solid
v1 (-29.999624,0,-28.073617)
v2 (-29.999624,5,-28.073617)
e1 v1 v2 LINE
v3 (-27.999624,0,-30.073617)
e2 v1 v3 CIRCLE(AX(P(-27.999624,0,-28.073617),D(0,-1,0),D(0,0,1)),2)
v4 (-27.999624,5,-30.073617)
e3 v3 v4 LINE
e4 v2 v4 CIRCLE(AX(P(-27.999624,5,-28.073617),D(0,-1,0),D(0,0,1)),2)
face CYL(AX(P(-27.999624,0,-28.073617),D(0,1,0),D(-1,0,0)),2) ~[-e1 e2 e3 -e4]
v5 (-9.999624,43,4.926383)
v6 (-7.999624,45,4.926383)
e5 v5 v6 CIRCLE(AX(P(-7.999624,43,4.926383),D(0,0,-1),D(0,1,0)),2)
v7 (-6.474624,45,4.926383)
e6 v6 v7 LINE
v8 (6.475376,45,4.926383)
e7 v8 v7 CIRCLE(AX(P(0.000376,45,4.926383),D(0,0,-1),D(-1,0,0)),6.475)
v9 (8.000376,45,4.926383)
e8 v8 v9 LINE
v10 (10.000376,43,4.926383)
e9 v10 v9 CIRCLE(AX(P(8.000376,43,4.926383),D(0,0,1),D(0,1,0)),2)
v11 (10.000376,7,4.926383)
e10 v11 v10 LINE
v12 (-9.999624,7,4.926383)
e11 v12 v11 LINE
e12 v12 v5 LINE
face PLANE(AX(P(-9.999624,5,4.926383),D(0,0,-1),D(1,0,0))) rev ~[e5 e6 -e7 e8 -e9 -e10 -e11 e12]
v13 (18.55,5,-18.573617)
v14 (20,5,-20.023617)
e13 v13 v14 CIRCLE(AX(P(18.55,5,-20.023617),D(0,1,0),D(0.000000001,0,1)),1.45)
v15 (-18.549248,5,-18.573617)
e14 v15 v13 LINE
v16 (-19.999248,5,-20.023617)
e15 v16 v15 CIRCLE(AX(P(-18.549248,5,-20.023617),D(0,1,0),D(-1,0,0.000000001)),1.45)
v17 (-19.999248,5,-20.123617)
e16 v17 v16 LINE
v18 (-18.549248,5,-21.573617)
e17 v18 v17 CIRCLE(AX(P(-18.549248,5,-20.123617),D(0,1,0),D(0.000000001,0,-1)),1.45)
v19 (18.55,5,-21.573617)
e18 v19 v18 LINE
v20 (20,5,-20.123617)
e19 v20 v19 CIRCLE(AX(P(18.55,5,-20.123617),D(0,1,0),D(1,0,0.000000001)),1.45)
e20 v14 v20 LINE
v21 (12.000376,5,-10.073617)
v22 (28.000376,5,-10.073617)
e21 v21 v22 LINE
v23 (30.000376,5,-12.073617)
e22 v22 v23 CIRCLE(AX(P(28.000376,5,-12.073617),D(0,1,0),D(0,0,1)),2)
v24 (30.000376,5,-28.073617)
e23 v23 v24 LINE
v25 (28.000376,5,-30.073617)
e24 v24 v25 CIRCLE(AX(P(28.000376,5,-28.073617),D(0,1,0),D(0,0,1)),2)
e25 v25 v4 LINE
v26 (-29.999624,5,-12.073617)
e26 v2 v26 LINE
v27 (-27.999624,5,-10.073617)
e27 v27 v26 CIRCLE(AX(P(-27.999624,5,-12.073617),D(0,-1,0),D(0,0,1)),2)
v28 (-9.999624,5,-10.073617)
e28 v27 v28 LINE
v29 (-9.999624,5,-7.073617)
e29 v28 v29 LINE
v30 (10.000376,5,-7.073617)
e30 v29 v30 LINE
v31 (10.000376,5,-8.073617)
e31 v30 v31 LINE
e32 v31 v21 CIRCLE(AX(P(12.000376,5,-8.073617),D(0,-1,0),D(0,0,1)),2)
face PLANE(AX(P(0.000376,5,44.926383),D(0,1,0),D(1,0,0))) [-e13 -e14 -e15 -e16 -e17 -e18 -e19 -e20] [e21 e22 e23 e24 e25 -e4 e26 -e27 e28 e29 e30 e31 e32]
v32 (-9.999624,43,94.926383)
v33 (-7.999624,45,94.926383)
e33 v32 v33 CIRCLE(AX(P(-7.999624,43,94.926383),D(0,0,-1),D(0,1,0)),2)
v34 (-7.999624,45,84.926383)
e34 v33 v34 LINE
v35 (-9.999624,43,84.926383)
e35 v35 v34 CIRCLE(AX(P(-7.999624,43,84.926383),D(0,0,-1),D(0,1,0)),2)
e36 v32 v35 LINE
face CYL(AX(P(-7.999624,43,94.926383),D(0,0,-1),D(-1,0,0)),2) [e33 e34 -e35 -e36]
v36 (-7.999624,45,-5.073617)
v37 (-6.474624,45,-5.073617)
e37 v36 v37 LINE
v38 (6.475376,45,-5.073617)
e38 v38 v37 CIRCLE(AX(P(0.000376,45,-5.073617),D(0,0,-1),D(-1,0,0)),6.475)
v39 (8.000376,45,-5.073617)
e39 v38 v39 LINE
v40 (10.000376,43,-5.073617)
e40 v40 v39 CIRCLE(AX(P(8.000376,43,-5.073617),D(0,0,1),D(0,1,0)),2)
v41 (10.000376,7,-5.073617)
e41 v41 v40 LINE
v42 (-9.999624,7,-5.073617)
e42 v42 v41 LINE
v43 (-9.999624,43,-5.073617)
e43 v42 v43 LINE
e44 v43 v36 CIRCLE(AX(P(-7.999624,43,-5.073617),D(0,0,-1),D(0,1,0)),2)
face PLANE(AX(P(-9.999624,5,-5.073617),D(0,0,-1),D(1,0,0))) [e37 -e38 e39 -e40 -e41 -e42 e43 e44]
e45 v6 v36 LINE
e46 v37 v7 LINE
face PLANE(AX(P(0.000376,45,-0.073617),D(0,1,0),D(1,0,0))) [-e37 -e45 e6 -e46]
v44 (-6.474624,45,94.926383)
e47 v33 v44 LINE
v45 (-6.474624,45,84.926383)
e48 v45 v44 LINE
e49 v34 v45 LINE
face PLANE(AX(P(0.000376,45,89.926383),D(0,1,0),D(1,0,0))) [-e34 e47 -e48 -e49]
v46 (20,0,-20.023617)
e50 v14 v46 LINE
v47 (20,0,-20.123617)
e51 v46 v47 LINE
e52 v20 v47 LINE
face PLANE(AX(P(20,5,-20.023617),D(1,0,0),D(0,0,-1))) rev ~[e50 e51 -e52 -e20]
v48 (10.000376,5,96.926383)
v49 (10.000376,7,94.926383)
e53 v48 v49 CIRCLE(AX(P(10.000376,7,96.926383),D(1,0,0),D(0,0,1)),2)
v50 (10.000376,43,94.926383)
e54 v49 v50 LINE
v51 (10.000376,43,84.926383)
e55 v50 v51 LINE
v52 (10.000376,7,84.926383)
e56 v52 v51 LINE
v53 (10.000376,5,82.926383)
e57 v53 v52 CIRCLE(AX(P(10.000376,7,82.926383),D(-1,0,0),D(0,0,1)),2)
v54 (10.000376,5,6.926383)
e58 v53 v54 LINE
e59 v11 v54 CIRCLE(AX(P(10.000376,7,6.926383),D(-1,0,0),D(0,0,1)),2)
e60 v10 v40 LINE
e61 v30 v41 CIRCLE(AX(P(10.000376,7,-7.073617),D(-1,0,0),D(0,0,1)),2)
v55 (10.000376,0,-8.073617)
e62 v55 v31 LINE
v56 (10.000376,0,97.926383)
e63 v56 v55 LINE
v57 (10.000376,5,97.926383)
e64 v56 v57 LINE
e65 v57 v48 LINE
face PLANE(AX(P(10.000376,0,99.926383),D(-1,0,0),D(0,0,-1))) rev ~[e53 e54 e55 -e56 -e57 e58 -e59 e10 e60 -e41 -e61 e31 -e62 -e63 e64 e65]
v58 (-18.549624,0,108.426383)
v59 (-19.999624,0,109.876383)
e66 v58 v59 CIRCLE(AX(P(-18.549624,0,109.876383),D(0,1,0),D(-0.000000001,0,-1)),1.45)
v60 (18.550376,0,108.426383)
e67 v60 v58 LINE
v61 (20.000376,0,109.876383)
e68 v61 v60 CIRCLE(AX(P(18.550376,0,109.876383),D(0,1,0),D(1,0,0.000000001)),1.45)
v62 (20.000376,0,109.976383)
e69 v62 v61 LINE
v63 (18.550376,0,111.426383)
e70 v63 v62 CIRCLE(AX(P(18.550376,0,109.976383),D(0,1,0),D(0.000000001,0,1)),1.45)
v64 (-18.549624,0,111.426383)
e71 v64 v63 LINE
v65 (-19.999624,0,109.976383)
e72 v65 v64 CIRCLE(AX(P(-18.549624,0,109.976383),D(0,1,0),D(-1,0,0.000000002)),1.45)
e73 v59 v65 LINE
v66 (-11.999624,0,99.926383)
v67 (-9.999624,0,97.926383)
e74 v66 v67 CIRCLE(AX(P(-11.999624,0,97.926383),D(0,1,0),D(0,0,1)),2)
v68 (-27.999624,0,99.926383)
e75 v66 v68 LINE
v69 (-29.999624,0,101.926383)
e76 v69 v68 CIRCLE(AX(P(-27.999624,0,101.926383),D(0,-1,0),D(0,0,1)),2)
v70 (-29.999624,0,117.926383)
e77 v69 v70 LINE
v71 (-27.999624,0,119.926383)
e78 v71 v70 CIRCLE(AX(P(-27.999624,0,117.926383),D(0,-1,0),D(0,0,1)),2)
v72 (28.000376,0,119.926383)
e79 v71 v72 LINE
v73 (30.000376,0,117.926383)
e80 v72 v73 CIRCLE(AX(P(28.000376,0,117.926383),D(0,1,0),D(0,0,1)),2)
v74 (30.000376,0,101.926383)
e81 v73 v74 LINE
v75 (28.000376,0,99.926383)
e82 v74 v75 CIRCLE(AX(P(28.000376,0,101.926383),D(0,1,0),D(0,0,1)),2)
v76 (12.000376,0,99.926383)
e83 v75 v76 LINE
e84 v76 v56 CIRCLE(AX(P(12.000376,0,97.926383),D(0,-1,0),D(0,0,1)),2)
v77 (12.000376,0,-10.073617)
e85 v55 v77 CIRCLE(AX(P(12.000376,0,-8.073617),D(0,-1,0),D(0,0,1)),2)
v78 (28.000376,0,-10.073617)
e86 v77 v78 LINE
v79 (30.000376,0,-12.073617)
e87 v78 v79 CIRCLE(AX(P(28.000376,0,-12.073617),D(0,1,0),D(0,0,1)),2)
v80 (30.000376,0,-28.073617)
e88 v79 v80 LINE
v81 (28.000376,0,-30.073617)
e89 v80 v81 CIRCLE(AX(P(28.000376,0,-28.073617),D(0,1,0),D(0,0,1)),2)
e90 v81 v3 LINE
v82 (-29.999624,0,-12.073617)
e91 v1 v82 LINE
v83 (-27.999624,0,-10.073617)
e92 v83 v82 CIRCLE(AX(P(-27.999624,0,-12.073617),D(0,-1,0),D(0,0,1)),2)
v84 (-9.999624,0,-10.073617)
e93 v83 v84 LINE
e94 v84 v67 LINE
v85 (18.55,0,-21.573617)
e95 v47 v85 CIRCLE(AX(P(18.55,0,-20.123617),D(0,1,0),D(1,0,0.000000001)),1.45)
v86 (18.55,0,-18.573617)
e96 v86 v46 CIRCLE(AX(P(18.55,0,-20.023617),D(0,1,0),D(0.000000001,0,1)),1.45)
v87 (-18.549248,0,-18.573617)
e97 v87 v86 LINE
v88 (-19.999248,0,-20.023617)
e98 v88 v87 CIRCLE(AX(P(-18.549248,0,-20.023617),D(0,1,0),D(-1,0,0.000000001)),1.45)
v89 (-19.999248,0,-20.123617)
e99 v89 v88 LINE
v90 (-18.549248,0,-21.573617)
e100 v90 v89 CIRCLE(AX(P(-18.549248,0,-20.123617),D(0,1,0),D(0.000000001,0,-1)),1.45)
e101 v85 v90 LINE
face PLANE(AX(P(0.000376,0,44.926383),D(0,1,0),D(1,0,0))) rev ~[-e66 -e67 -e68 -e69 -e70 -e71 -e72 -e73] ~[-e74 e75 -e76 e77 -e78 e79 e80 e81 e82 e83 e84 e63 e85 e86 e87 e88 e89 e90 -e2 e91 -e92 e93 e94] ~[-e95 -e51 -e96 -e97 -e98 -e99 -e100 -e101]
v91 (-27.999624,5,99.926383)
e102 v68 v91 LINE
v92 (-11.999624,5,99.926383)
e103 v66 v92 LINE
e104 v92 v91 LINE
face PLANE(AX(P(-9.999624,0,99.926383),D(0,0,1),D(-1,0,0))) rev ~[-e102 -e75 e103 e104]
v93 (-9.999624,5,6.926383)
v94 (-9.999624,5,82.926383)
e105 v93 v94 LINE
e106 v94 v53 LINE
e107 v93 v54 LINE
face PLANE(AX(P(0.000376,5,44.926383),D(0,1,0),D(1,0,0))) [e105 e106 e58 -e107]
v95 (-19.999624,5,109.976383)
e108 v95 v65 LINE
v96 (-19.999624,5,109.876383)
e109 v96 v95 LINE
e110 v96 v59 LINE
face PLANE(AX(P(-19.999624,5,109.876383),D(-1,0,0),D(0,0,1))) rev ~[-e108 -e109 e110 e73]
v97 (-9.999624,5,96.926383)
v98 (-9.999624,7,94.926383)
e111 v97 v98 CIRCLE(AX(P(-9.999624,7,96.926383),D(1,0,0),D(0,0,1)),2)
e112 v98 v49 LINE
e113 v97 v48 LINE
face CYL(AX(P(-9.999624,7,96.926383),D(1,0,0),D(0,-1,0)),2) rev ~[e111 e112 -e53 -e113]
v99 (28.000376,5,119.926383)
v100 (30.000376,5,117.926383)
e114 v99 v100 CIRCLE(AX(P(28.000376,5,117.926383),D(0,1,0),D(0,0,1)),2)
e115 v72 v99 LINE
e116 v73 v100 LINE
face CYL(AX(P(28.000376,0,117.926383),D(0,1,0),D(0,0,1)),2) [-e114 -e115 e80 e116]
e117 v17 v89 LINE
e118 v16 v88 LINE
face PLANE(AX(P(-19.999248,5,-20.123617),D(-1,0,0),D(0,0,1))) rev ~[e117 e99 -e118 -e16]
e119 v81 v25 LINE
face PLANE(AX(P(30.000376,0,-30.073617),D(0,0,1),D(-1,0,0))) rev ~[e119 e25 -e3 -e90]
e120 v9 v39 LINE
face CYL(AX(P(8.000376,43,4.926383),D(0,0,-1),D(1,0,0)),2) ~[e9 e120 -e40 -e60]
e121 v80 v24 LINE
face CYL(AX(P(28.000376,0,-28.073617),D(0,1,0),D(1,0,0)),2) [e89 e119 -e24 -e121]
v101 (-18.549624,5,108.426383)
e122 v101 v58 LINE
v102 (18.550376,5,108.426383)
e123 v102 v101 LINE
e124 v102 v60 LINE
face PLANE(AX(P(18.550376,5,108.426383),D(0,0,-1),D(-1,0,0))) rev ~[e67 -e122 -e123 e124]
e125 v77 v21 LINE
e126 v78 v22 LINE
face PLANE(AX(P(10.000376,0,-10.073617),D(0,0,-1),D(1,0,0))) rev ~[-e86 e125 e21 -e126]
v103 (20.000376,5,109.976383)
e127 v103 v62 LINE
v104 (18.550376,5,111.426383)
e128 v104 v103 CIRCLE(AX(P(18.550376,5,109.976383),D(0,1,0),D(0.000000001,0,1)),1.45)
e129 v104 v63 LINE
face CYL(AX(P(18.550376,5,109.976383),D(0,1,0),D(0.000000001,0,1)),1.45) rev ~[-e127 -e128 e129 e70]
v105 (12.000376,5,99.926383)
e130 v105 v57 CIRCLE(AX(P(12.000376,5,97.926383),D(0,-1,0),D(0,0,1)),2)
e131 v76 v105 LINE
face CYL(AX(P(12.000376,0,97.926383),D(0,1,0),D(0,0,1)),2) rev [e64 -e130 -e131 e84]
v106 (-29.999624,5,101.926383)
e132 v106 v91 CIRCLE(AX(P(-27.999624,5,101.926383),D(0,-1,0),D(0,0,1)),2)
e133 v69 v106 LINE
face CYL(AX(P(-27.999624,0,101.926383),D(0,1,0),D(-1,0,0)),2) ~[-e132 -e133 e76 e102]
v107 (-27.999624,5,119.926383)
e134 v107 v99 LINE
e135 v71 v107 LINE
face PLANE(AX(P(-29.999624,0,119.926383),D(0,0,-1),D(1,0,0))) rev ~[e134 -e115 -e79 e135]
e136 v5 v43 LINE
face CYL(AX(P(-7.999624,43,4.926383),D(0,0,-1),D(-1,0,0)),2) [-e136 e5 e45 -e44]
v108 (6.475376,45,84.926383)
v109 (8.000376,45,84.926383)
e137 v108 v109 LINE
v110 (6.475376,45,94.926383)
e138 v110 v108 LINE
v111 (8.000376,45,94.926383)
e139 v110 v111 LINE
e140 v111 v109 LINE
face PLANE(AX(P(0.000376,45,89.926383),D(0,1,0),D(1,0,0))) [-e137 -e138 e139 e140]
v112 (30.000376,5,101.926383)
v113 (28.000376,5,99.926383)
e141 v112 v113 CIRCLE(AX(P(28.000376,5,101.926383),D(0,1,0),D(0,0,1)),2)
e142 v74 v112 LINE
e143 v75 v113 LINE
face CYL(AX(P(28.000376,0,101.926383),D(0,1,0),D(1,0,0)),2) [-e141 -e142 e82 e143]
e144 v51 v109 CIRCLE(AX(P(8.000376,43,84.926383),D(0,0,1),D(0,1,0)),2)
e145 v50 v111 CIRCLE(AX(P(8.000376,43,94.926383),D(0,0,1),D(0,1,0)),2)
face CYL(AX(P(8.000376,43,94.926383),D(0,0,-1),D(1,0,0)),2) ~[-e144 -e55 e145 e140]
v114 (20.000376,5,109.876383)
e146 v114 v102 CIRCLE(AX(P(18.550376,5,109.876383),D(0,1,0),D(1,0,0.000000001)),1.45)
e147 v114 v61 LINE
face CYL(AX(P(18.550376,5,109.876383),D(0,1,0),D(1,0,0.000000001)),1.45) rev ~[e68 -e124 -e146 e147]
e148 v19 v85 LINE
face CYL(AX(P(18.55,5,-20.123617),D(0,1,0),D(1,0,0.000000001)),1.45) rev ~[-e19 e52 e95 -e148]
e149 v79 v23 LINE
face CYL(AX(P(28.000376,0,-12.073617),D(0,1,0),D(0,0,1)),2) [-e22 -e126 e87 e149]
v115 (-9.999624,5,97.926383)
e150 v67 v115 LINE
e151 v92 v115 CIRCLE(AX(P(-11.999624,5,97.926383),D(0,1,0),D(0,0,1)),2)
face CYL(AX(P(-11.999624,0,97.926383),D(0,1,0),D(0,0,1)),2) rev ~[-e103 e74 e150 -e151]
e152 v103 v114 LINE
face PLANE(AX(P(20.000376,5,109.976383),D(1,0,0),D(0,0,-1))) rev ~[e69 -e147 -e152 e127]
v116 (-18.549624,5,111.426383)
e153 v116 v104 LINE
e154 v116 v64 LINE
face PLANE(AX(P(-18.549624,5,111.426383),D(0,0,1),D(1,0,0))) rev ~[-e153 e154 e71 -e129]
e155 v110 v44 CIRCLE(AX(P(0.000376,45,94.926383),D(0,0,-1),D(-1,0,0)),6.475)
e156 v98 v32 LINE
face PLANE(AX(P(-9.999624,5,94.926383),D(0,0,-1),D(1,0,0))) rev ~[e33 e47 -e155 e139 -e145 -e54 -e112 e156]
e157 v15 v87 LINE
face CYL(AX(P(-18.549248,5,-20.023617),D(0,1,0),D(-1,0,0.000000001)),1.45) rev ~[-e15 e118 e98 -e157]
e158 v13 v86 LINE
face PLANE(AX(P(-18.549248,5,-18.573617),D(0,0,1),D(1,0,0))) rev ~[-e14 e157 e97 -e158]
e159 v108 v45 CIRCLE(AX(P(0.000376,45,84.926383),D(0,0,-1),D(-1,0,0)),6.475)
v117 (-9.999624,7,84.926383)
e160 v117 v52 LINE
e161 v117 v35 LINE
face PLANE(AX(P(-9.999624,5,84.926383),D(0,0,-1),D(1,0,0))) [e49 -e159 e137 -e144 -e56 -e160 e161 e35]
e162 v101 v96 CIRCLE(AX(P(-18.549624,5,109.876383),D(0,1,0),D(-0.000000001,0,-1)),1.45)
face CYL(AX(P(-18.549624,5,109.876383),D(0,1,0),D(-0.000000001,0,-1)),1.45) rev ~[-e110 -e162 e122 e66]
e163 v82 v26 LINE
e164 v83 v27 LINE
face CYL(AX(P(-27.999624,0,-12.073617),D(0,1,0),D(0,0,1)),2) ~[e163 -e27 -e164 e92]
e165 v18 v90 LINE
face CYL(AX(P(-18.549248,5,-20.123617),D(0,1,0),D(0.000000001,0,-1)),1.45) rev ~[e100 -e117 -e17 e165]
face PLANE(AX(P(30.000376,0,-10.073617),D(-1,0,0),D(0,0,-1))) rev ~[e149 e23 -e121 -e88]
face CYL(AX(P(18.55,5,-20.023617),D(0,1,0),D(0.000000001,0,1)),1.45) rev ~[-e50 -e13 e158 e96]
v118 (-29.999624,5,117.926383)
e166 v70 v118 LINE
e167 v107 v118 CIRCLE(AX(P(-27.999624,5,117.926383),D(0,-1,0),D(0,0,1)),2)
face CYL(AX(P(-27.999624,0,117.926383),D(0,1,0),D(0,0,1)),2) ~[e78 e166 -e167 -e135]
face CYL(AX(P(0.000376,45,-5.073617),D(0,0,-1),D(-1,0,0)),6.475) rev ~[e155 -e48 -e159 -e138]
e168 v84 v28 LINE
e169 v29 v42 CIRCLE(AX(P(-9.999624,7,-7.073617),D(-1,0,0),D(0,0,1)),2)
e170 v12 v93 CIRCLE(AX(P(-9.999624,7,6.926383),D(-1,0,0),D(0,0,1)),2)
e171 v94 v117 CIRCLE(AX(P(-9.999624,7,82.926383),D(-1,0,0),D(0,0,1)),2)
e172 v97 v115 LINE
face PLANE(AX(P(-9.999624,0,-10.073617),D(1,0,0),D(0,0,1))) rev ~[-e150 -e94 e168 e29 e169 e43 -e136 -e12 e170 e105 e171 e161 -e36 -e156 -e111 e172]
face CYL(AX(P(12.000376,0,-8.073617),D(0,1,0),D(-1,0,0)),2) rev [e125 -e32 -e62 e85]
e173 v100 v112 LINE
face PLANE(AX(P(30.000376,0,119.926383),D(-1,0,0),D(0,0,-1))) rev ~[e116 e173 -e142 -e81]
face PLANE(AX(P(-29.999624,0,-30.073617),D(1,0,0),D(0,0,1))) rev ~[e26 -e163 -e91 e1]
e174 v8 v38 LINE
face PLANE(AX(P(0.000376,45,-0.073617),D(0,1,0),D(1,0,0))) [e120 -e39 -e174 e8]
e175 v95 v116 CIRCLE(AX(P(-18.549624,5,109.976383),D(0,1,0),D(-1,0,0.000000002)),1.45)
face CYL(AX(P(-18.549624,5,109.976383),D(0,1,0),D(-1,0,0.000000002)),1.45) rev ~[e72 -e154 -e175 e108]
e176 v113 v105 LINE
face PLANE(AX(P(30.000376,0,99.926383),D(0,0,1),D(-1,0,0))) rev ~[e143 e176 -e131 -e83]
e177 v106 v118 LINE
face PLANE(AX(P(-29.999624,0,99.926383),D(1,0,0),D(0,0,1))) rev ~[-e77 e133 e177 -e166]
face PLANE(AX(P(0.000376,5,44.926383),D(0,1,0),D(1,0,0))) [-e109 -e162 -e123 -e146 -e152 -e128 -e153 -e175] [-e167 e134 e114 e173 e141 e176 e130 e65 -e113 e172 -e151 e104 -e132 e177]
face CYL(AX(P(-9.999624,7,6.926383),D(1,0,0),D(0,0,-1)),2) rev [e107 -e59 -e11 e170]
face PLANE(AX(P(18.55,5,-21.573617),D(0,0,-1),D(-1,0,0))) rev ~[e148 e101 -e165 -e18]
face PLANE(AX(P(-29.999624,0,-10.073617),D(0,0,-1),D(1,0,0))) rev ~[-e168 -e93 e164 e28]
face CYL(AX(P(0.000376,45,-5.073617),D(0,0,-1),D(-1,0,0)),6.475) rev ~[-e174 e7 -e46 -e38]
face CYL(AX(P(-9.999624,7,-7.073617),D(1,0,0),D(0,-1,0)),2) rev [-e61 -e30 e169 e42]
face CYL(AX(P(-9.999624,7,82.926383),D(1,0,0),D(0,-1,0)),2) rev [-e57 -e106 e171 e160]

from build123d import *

# Parameters (mm, degrees)
BOSS_EXTRUDE1_DEPTH = 5
CUT_EXTRUDE1_DEPTH  = 124.722915669
SKETCH3_W           = 20
SKETCH3_H           = 10
BOSS_EXTRUDE2_DEPTH = 40
SKETCH4_R           = 6.475
CUT_EXTRUDE2_DEPTH  = 137.198467549
FILLET3_R           = 2


with BuildPart() as part:
    # Sketch1 → Boss-Extrude1 (new body)
    with BuildSketch(Plane(origin=(0, 0, 0), x_dir=(1, 0, 0), z_dir=(0, 1, 0))):
        Polygon((-29.999623956, -119.926382831), (30.000376044, -119.926382831), (30.000376044, -99.926382831), (10.000376044, -99.926382831), (10.000376044, 10.073617169), (30.000376044, 10.073617169), (30.000376044, 30.073617169), (-29.999623956, 30.073617169), (-29.999623956, 10.073617169), (-9.999623956, 10.073617169), (-9.999623956, -99.926382831), (-29.999623956, -99.926382831), align=None)
    extrude(amount=BOSS_EXTRUDE1_DEPTH)

    # Sketch2 → Cut-Extrude1 (cut, through all)
    with BuildSketch(Plane(origin=(0, 5, 0), x_dir=(1, 0, 0), z_dir=(0, 1, 0))):
        with BuildLine():
            Line((-18.549247911, 18.573617169), (18.55, 18.573617169))
            ThreePointArc((18.55, 18.573617169), (19.575304833, 18.998312337), (20, 20.023617169))
            Line((20, 20.023617169), (20, 20.123617169))
            ThreePointArc((20, 20.123617169), (19.575304833, 21.148922002), (18.55, 21.573617169))
            Line((18.55, 21.573617169), (-18.549247911, 21.573617169))
            ThreePointArc((-18.549247911, 21.573617169), (-19.574552744, 21.148922002), (-19.999247911, 20.123617169))
            Line((-19.999247911, 20.123617169), (-19.999247911, 20.023617169))
            ThreePointArc((-19.999247911, 20.023617169), (-19.574552744, 18.998312337), (-18.549247911, 18.573617169))
        make_face()
        with BuildLine():
            Line((-18.549623956, -111.426382831), (18.550376044, -111.426382831))
            ThreePointArc((18.550376044, -111.426382831), (19.575680877, -111.001687663), (20.000376044, -109.976382831))
            Line((20.000376044, -109.976382831), (20.000376044, -109.876382831))
            ThreePointArc((20.000376044, -109.876382831), (19.575680877, -108.851077998), (18.550376044, -108.426382831))
            Line((18.550376044, -108.426382831), (-18.549623956, -108.426382831))
            ThreePointArc((-18.549623956, -108.426382831), (-19.574928788, -108.851077998), (-19.999623956, -109.876382831))
            Line((-19.999623956, -109.876382831), (-19.999623956, -109.976382831))
            ThreePointArc((-19.999623956, -109.976382831), (-19.574928788, -111.001687663), (-18.549623956, -111.426382831))
        make_face()
    extrude(amount=-CUT_EXTRUDE1_DEPTH, mode=Mode.SUBTRACT)

    # Sketch3 → Boss-Extrude2 (add)
    with BuildSketch(Plane(origin=(0, 5, 0), x_dir=(1, 0, 0), z_dir=(0, 1, 0))):
        with Locations((0.000376044, 0.073617169)):
            Rectangle(SKETCH3_W, SKETCH3_H)
        with Locations((0.000376044, -89.926382831)):
            Rectangle(SKETCH3_W, SKETCH3_H)
    extrude(amount=BOSS_EXTRUDE2_DEPTH)

    # Sketch4 → Cut-Extrude2 (cut, through all)
    with BuildSketch(Plane(origin=(0, 0, -5.073617169), x_dir=(-1, 0, 0), z_dir=(0, 0, -1))):
        with Locations((-0.000376044, 45)):
            Circle(SKETCH4_R)
    extrude(amount=-CUT_EXTRUDE2_DEPTH, mode=Mode.SUBTRACT)

    # Fillet3
    fillet3_edges = [part.edges().sort_by_distance(p)[0] for p in [
        (-9.999623956, 45, 89.926382831),
        (10.000376044, 45, 89.926382831),
        (0.000376044, 5, 84.926382831),
        (0.000376044, 5, 94.926382831),
        (-29.999623956, 2.5, -10.073617169),
        (-29.999623956, 2.5, -30.073617169),
        (30.000376044, 2.5, -30.073617169),
        (30.000376044, 2.5, -10.073617169),
        (10.000376044, 2.5, -10.073617169),
        (10.000376044, 2.5, 99.926382831),
        (30.000376044, 2.5, 99.926382831),
        (30.000376044, 2.5, 119.926382831),
        (-29.999623956, 2.5, 119.926382831),
        (-29.999623956, 2.5, 99.926382831),
        (-9.999623956, 2.5, 99.926382831),
        (0.000376044, 5, -5.073617169),
        (0.000376044, 5, 4.926382831),
        (10.000376044, 45, -0.073617169),
        (-9.999623956, 45, -0.073617169),
    ]]
    fillet(fillet3_edges, radius=FILLET3_R)


solid = part.part
